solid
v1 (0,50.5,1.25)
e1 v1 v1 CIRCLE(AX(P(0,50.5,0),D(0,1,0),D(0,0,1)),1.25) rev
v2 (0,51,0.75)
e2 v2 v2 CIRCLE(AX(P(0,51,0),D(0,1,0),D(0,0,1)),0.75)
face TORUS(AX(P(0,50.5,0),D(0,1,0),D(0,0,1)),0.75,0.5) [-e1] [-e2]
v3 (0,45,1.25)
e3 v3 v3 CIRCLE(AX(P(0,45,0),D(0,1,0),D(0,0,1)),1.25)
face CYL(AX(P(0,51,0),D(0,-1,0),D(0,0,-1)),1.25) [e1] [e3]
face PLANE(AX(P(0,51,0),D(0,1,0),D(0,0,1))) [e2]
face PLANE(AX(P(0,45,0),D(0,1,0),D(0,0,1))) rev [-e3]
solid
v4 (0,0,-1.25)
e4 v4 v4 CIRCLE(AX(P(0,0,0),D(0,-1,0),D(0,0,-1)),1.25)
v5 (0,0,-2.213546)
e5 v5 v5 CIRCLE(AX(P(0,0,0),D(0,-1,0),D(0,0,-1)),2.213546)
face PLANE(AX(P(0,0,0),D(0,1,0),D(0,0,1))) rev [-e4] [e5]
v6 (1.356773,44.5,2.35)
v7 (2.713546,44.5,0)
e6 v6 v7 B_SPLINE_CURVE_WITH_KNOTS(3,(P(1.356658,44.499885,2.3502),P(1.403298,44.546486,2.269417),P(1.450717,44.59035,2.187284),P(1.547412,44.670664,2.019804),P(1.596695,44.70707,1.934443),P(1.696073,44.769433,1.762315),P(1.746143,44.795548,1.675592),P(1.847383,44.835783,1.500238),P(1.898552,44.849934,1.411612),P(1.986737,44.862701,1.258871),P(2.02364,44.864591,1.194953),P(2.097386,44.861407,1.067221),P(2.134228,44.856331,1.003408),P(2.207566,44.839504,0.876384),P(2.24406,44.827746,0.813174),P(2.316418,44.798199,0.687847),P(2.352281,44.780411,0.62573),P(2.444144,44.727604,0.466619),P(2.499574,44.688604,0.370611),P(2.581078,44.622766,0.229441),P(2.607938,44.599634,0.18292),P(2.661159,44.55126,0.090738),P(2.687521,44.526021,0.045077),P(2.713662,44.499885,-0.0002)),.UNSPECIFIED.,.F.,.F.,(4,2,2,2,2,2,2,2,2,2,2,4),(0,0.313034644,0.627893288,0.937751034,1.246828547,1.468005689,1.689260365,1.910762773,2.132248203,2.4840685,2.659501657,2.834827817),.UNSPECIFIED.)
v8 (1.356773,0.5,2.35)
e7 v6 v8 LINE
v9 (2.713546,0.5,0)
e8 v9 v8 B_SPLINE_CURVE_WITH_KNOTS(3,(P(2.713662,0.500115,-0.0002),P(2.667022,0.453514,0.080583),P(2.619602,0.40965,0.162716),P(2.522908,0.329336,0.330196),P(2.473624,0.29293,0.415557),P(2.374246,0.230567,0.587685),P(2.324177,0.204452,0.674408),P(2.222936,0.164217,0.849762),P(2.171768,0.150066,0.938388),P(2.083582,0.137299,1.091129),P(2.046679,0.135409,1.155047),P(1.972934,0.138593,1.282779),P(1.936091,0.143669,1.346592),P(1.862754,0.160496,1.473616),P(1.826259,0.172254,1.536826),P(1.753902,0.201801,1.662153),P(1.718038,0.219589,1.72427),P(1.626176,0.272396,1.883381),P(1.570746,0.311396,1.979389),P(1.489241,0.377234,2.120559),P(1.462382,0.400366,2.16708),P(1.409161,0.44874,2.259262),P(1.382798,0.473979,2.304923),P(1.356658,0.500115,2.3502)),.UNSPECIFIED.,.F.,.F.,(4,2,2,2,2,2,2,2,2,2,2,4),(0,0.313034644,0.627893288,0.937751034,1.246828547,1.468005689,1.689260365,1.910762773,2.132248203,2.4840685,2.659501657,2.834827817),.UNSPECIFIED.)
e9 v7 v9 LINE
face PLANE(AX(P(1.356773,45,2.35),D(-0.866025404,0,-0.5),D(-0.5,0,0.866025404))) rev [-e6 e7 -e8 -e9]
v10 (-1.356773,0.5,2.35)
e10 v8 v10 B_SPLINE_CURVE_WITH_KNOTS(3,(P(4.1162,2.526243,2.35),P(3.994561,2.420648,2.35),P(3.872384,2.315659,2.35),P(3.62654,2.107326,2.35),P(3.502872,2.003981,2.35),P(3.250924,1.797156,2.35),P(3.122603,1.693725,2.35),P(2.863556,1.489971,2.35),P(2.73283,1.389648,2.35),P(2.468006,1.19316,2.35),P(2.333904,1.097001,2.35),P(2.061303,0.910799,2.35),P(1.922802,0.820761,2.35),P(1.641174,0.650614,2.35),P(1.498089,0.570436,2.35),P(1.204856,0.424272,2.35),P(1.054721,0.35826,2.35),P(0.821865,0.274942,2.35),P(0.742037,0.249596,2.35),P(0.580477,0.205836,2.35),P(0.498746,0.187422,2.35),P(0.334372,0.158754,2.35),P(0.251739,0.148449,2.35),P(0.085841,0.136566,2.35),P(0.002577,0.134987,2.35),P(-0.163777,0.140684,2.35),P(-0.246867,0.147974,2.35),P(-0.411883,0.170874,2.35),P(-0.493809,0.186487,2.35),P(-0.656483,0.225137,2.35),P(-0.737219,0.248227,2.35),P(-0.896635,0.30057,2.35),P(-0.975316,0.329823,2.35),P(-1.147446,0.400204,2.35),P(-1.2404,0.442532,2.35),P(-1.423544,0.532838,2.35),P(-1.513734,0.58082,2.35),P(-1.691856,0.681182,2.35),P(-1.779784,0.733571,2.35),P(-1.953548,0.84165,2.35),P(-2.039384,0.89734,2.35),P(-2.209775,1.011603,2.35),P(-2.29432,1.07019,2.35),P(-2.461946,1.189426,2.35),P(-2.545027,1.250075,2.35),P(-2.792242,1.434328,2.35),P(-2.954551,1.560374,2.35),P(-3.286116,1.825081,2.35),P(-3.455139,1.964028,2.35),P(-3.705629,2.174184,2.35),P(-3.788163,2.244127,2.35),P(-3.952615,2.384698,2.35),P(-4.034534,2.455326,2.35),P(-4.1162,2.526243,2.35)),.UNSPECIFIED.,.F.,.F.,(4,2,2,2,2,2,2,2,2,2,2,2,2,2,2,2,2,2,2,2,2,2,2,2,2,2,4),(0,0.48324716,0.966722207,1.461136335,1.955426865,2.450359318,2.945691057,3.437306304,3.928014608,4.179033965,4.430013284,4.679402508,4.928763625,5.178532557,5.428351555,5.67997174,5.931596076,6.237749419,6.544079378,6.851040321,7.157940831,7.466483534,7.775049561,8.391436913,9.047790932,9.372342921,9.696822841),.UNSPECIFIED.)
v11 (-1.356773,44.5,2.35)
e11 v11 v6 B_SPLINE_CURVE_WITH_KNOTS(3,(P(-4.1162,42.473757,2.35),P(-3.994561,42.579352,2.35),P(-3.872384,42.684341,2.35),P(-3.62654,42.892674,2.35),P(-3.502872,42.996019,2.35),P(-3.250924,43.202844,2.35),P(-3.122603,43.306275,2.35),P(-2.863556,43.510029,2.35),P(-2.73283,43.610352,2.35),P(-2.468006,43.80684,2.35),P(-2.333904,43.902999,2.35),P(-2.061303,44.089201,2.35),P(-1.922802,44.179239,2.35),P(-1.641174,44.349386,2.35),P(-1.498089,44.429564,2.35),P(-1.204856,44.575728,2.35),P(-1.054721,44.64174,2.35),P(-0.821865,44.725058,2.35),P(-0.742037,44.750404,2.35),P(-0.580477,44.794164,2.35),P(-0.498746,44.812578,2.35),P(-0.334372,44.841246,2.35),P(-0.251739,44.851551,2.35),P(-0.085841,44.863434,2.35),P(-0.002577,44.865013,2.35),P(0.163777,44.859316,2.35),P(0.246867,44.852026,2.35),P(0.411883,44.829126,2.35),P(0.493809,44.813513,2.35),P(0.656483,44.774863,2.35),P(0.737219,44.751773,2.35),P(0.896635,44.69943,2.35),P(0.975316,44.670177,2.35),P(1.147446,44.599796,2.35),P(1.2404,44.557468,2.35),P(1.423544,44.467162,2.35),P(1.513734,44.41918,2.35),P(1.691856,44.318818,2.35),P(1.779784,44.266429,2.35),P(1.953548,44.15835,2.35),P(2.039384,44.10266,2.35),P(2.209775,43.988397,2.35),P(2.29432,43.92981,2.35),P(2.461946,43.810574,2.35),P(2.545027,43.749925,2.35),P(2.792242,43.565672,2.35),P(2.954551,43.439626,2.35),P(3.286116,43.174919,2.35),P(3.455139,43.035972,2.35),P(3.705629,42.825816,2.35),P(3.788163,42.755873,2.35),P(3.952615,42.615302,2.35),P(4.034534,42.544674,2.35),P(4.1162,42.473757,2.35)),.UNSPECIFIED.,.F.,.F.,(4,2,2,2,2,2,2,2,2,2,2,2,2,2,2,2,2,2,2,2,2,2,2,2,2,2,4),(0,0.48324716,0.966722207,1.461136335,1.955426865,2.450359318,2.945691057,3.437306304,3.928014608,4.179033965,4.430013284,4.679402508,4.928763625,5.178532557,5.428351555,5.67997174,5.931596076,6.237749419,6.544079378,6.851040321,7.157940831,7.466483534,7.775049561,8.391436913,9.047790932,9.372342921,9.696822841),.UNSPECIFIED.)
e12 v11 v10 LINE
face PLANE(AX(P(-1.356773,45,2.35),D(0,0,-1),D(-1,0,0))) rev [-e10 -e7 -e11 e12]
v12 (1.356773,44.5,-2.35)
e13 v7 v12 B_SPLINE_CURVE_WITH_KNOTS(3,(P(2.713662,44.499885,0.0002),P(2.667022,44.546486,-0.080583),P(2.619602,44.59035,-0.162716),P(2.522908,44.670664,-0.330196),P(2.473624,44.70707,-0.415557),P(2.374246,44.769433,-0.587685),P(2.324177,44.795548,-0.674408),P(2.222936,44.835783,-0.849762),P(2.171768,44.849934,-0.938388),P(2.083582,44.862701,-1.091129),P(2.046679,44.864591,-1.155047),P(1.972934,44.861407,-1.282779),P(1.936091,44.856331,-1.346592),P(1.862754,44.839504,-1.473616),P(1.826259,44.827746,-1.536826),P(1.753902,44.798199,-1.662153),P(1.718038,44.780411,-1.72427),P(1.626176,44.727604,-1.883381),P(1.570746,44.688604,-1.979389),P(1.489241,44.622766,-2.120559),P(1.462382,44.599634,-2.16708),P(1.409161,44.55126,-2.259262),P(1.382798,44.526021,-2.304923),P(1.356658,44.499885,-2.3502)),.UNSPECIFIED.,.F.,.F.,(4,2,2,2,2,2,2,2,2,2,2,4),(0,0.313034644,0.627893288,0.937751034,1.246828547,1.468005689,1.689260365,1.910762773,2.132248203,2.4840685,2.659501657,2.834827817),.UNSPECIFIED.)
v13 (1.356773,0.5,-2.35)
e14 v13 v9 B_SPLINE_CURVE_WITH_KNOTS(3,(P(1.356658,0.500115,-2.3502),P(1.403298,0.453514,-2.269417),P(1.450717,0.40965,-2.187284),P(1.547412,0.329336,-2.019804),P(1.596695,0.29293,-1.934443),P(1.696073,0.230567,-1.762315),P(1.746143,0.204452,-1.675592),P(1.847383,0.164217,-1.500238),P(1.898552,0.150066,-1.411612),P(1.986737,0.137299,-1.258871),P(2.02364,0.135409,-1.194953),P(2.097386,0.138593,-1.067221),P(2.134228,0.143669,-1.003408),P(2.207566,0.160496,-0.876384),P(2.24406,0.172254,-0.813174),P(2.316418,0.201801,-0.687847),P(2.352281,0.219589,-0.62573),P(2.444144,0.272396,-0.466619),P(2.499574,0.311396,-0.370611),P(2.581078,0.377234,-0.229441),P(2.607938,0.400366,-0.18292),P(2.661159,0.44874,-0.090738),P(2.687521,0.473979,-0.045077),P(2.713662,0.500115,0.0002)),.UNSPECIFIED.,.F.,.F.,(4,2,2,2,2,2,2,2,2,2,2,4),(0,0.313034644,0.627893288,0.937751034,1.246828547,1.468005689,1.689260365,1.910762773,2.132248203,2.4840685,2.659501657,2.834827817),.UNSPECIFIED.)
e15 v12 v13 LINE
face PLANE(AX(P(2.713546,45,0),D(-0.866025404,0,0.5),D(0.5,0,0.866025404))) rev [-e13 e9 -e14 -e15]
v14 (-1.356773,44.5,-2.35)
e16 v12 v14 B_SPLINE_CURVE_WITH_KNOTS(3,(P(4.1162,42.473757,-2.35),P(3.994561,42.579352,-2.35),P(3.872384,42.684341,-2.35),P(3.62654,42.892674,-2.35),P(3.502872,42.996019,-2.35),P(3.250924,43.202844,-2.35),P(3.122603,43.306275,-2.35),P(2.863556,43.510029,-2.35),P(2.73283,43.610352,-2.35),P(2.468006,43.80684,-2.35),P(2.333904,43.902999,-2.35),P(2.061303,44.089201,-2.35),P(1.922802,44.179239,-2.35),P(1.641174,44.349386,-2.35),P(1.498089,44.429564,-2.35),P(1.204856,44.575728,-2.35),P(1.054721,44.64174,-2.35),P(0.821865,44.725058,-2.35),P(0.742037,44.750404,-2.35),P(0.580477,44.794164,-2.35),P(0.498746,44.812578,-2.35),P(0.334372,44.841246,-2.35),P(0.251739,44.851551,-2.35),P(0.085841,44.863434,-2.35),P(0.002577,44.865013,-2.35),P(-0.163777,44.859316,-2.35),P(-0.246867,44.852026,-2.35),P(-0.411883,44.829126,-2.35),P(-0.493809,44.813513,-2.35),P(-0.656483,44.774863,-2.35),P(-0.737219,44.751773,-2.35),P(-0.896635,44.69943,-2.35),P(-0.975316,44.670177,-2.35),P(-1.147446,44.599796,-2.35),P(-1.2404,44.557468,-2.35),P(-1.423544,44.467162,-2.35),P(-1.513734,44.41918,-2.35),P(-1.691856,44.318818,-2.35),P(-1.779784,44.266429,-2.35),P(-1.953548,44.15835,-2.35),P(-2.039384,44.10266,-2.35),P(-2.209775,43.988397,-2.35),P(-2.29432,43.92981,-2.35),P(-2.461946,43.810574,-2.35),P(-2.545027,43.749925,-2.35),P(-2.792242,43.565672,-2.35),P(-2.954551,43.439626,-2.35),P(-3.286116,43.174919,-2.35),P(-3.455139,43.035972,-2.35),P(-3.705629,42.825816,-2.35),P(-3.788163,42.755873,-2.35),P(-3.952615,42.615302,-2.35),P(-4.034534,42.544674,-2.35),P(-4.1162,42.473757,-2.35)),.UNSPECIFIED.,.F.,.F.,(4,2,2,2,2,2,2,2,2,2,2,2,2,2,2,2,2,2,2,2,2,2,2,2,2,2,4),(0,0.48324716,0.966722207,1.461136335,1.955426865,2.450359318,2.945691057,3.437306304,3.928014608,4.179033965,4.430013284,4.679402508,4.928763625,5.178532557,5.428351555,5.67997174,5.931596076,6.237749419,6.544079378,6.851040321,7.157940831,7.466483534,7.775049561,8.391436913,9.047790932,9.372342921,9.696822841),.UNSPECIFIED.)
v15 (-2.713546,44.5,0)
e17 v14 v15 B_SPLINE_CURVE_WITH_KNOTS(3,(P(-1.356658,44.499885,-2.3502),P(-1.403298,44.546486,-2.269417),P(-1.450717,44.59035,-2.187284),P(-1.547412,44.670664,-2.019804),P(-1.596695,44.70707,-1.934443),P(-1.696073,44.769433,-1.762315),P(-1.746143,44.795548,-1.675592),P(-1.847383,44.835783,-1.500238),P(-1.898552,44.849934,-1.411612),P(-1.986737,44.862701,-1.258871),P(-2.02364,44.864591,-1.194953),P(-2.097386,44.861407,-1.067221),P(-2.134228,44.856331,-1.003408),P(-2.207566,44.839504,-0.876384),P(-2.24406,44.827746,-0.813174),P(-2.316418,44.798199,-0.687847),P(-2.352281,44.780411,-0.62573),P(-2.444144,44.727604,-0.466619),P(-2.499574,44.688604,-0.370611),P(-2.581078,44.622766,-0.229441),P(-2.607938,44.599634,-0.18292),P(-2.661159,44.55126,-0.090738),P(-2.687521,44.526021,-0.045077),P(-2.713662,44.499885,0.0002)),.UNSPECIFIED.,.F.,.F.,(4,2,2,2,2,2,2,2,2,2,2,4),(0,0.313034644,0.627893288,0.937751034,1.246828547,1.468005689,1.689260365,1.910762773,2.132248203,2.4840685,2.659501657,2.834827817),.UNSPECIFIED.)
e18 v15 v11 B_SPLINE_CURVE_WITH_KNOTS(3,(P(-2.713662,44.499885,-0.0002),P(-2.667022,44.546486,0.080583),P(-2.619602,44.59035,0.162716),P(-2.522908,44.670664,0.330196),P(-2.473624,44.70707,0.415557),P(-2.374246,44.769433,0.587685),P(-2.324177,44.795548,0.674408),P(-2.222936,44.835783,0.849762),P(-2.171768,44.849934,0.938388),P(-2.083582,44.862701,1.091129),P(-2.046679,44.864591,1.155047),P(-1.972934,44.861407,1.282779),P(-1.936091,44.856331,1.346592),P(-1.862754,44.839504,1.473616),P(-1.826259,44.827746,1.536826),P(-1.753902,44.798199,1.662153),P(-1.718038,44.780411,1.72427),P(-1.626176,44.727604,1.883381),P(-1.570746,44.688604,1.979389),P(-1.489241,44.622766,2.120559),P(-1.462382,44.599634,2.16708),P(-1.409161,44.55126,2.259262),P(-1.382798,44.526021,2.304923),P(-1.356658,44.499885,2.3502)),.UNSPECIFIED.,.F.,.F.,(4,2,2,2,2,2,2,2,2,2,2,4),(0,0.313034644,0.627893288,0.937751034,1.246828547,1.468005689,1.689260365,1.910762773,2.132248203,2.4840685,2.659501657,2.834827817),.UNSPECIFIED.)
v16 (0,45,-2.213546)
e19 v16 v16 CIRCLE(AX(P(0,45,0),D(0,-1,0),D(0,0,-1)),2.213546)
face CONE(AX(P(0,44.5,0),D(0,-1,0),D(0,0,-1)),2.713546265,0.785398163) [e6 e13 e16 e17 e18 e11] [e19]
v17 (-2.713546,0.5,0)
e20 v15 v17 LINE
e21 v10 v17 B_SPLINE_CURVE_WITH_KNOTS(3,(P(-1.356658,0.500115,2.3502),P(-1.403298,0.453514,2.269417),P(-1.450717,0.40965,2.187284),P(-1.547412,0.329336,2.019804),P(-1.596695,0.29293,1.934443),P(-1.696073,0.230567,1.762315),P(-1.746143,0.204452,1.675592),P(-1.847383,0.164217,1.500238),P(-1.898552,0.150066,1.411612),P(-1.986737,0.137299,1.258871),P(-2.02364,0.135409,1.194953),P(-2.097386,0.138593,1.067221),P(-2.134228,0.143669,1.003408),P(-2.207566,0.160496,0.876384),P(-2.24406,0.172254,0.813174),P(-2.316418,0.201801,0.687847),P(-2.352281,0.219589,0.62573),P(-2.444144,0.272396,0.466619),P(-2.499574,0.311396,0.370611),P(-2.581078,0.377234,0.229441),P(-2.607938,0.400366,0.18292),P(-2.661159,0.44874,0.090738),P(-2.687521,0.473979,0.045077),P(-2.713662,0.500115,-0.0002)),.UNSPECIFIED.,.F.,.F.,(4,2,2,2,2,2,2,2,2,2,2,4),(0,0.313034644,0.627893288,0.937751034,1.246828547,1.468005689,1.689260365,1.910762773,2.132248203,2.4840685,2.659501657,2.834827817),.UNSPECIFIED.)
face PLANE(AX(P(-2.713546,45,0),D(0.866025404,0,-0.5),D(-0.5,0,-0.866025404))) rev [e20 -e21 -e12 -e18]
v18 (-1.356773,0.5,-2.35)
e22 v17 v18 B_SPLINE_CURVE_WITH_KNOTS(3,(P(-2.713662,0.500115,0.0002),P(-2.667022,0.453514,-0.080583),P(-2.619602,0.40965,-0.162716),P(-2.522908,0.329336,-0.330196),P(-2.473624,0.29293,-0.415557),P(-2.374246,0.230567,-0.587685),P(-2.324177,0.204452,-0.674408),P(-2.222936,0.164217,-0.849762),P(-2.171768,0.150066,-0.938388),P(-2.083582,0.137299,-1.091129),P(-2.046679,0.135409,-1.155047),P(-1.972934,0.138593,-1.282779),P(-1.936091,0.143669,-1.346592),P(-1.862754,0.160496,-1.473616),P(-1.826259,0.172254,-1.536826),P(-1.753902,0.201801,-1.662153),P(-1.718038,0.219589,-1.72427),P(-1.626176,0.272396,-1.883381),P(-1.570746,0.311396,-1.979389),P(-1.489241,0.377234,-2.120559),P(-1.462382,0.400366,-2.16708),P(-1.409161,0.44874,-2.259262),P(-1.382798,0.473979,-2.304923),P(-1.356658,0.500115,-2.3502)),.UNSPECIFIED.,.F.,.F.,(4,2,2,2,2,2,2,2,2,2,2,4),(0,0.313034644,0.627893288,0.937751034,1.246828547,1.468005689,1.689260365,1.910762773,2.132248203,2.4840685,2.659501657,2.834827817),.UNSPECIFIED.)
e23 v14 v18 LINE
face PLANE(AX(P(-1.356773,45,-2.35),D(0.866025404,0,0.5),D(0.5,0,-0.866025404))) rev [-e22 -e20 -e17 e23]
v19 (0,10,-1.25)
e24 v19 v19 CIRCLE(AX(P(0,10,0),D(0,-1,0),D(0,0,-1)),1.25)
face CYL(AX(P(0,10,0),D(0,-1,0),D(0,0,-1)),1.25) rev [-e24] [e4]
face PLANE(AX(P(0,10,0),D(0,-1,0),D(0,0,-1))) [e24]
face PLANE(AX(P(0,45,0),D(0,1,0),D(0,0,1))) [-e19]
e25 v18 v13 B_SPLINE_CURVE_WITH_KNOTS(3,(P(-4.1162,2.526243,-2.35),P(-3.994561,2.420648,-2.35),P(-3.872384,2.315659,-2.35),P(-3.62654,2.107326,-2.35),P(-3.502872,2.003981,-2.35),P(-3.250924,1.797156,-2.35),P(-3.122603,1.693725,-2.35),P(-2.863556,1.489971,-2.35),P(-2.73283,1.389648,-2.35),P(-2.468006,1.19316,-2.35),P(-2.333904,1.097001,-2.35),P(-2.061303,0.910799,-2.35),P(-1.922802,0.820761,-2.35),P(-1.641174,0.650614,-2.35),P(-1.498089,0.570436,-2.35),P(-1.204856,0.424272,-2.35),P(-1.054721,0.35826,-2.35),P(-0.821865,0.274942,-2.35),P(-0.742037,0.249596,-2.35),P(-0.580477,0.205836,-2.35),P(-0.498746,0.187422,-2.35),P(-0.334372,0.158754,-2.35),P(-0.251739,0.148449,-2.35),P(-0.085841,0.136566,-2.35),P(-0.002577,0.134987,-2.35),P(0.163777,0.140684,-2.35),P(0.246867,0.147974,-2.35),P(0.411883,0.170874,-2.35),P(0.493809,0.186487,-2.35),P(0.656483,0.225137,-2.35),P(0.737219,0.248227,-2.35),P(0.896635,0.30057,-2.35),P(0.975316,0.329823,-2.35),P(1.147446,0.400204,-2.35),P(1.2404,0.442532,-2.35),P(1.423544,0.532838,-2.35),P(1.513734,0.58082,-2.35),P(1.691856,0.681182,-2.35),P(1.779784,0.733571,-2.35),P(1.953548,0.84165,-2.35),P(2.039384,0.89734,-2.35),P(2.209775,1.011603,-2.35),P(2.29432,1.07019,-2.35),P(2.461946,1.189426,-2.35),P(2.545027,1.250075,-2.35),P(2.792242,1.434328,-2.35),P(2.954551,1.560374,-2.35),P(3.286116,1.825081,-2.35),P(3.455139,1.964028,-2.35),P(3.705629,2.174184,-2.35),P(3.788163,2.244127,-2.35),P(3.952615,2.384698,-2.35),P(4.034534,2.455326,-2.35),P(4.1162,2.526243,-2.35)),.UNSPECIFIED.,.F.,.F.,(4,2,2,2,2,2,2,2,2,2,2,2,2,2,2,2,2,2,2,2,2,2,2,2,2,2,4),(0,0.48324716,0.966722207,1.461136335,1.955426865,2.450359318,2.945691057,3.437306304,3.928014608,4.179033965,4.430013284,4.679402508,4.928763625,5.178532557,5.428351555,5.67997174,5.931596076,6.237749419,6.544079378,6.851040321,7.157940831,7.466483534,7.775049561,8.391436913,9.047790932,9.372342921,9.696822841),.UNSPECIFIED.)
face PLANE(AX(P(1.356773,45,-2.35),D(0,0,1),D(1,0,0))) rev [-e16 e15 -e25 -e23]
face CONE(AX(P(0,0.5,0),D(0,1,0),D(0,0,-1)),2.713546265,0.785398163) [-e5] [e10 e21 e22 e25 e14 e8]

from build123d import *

# Parameters (mm, degrees)
EXTRUDE_1_DEPTH     = 45
SKETCH_2_R          = 1.25
CUT_EXTRUDE_1_DEPTH = 10
SKETCH_4_R          = 1.25
EXTRUDE_2_DEPTH     = 6
FILLET_1_R          = 0.5


with BuildPart() as part:
    # 草图1 → 凸台-拉伸1 (new body)
    with BuildSketch(Plane(origin=(0, 0, 0), x_dir=(1, 0, 0), z_dir=(0, 1, 0))):
        Polygon((2.713546265, 0), (1.356773133, 2.35), (-1.356773133, 2.35), (-2.713546265, 0), (-1.356773133, -2.35), (1.356773133, -2.35), align=None)
    extrude(amount=EXTRUDE_1_DEPTH)

    # 草图2 → 切除-拉伸1 (cut)
    with BuildSketch(Plane.XZ):
        with Locations(Location((0, 0, 0), (0, 0, 270))):
            Circle(SKETCH_2_R)
    extrude(amount=-CUT_EXTRUDE_1_DEPTH, mode=Mode.SUBTRACT)

    # 草图7 → 切除-旋转4 (revolve, cut)
    with BuildSketch(Plane.XY, mode=Mode.PRIVATE) as cut_revolve_4_sk:
        Polygon((-2.713546265, 45), (-2.713546265, 44.5), (-2.213546265, 45), align=None)
    cut_revolve_4 = revolve(cut_revolve_4_sk.sketch.rotate(Axis((0, 0, 0), (0, 1, 0)), 270), axis=Axis((0, 0, 0), (0, 1, 0)), mode=Mode.SUBTRACT)

    # 镜向1: 切除-旋转4 across plane
    add(cut_revolve_4.mirror(Plane(origin=(0, 22.5, 0), x_dir=(0, 0, 1), z_dir=(0, -1, 0))), mode=Mode.SUBTRACT)


with BuildPart() as body_2:
    # 草图4 → 凸台-拉伸2 (new body)
    with BuildSketch(Plane(origin=(0, 45, 0), x_dir=(1, 0, 0), z_dir=(0, 1, 0))):
        with Locations(Location((0, 0, 0), (0, 0, 270))):
            Circle(SKETCH_4_R)
    extrude(amount=EXTRUDE_2_DEPTH)

    # 圆角1
    fillet_1_edges = [body_2.edges().sort_by_distance(p)[0] for p in [
        (0, 51, -1.25),
    ]]
    fillet(fillet_1_edges, radius=FILLET_1_R)


solid = Compound([part.part, body_2.part])
